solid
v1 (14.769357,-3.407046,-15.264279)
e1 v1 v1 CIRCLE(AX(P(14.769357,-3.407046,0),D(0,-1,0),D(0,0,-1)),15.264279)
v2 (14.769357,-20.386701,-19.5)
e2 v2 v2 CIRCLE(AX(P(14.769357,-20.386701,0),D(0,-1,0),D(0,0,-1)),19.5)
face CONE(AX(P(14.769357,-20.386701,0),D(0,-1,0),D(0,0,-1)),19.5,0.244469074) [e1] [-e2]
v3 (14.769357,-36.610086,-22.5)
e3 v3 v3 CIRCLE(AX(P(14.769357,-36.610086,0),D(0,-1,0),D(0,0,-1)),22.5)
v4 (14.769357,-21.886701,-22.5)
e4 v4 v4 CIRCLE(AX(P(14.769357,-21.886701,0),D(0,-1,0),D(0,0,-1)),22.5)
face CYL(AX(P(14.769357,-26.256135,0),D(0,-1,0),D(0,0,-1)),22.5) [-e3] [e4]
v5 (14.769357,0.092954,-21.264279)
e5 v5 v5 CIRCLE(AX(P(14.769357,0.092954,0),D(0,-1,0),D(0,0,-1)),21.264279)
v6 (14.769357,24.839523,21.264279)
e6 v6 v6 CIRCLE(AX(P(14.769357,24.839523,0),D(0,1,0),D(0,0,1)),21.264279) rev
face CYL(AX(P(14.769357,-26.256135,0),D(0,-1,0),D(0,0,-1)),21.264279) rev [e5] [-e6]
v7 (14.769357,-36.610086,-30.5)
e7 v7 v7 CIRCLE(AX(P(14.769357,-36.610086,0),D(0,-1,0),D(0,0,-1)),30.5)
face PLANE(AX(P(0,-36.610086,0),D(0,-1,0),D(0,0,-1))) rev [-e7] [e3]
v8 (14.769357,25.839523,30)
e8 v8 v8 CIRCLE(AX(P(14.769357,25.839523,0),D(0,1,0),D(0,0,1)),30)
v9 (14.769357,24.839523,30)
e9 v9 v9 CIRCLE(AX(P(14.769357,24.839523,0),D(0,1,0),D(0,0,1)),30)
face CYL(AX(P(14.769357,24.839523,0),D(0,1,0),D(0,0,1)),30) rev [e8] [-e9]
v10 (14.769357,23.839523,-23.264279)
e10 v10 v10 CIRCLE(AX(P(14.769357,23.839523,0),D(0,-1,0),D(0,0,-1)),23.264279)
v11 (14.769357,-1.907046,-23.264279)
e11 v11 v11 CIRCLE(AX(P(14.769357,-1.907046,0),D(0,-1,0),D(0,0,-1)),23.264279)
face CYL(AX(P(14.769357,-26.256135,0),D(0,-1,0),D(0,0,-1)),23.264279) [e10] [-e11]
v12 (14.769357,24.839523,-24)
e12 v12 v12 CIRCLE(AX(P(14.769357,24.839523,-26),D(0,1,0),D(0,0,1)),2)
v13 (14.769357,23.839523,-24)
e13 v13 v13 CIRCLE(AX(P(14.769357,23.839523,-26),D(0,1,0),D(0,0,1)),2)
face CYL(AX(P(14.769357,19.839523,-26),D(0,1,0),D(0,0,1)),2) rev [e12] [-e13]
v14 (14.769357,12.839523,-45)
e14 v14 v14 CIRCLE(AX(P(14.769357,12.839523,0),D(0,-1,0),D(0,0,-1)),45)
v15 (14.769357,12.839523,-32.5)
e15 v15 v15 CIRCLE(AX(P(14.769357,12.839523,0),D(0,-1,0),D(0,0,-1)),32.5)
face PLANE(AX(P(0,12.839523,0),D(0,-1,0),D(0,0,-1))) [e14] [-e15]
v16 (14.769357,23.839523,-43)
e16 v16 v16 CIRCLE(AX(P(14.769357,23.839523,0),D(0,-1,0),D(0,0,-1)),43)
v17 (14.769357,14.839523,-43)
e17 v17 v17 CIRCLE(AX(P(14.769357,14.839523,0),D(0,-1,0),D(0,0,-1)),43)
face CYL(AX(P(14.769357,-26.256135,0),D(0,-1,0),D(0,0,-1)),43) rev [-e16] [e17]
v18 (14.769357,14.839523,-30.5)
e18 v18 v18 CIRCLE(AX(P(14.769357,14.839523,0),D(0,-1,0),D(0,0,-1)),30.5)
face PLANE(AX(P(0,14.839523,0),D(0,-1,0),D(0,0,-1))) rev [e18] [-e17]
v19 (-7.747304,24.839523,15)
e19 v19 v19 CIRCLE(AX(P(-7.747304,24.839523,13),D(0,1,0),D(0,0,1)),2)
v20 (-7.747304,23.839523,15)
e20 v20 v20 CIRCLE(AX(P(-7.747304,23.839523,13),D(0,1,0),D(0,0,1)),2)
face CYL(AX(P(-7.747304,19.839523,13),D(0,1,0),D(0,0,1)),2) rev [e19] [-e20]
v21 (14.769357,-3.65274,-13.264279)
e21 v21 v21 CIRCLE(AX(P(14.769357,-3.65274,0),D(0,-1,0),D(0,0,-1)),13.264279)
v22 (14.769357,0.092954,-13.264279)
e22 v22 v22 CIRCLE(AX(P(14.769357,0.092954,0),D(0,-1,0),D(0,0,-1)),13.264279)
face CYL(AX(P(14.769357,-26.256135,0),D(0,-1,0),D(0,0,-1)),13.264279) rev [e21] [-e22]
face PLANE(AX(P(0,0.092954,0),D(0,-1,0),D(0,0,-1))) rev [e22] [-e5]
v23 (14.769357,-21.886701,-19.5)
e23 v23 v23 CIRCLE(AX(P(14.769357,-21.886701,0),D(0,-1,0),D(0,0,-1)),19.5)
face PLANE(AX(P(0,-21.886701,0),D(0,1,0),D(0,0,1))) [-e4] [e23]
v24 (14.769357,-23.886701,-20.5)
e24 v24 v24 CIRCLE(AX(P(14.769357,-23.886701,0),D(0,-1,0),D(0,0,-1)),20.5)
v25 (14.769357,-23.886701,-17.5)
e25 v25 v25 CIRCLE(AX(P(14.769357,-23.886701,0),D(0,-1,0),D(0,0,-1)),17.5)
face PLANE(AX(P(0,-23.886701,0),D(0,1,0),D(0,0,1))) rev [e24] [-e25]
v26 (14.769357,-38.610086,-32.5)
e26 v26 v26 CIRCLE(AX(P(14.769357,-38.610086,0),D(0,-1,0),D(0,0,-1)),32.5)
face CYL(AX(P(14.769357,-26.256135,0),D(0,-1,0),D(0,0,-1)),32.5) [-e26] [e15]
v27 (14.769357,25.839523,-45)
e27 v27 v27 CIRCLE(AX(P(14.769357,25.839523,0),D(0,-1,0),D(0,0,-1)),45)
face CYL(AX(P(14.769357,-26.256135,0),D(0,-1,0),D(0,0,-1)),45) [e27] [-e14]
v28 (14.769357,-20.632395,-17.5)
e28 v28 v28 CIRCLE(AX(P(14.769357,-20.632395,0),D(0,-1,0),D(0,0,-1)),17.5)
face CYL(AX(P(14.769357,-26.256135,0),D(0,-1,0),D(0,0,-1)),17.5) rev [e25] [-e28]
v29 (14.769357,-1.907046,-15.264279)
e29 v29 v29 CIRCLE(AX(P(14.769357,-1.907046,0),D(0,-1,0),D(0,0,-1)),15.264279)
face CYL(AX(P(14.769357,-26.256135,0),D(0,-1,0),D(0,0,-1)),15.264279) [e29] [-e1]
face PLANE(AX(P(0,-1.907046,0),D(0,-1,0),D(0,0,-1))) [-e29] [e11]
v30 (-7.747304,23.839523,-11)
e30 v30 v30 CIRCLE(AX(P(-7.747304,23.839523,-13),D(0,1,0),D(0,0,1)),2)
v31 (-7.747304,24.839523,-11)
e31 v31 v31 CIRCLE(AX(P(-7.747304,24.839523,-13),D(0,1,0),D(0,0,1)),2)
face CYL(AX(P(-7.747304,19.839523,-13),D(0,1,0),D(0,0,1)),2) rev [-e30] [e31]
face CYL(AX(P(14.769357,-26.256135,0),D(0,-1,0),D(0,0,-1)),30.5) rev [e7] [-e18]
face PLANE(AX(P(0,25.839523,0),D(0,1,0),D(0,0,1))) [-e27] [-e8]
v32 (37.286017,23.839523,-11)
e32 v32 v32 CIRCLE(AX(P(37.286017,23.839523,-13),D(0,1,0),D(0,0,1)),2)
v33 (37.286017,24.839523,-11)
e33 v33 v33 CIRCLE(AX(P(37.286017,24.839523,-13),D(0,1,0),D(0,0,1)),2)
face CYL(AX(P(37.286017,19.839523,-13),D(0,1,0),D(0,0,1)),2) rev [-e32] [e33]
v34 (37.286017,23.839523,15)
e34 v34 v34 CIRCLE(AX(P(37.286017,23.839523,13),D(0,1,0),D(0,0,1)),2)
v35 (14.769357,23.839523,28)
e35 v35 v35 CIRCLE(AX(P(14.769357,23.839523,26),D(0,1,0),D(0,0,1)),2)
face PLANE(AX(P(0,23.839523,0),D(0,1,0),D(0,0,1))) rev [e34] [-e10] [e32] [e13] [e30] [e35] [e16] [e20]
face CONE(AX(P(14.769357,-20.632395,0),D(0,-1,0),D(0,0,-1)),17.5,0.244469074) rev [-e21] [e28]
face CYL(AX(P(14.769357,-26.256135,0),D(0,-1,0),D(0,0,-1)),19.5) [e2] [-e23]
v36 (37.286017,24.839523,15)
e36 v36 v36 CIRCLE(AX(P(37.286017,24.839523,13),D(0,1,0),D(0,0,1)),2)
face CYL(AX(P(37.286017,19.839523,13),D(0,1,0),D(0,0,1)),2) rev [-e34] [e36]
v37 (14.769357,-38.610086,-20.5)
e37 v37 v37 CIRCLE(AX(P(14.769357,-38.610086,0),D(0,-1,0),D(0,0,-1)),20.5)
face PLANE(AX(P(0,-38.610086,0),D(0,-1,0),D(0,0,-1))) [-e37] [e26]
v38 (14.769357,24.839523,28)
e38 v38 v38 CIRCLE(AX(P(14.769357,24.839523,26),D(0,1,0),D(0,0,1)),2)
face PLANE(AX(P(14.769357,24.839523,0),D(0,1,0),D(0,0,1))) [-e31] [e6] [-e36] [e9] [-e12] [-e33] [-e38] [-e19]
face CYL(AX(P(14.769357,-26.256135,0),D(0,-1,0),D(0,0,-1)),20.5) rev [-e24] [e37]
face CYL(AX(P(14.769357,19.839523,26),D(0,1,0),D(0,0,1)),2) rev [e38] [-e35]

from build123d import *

# Parameters (mm, degrees)
SKETCH4_R          = 30
CUT_EXTRUDE3_DEPTH = 1
SKETCH5_R          = 2
CUT_EXTRUDE4_DEPTH = 6


with BuildPart() as part:
    # Sketch2 → Revolve-Thin1 (revolve)
    with BuildSketch(Plane.XY, mode=Mode.PRIVATE) as revolve_thin1_sk:
        Polygon((-30.230643129, 25.839523207), (-6.494921795, 25.839523207), (-6.494921795, 21.839523207), (-6.494921795, 0.092953851), (1.505078205, 0.092953851), (1.505078205, -3.652740104), (-2.730643129, -20.632394541), (-2.730643129, -23.886700586), (-5.730643129, -23.886700586), (-5.730643129, -30.625568886), (-5.730643129, -38.610085728), (-17.730643129, -38.610085728), (-17.730643129, 12.839523207), (-30.230643129, 12.839523207), align=None)
        Polygon((-28.230643129, 23.839523207), (-8.494921795, 23.839523207), (-8.494921795, 21.839523207), (-8.494921795, -1.907046149), (-0.494921795, -1.907046149), (-0.494921795, -3.407046149), (-4.730643129, -20.386700586), (-4.730643129, -21.886700586), (-7.730643129, -21.886700586), (-7.730643129, -30.625568886), (-7.730643129, -36.610085728), (-15.730643129, -36.610085728), (-15.730643129, 14.839523207), (-28.230643129, 14.839523207), align=None, mode=Mode.SUBTRACT)
    revolve(revolve_thin1_sk.sketch.rotate(Axis((14.769356871, -26.256134736, 0), (0, 1, 0)), 270), axis=Axis((14.769356871, -26.256134736, 0), (0, 1, 0)))

    # Sketch4 → Cut-Extrude3 (cut)
    with BuildSketch(Plane(origin=(0, 25.839523207, 0), x_dir=(1, 0, 0), z_dir=(0, 1, 0))):
        with Locations(Location((14.769356871, 0, 0), (0, 0, 270))):
            Circle(SKETCH4_R)
    extrude(amount=-CUT_EXTRUDE3_DEPTH, mode=Mode.SUBTRACT)

    # Sketch5 → Cut-Extrude4 (cut)
    with BuildSketch(Plane(origin=(0, 25.839523207, 0), x_dir=(1, 0, 0), z_dir=(0, 1, 0))):
        with Locations(Location((14.769356871, 26, 0), (0, 0, 270))):
            Circle(SKETCH5_R)
        with Locations(Location((37.28601737, 13, 0), (0, 0, 270))):
            Circle(SKETCH5_R)
        with Locations(Location((37.28601737, -13, 0), (0, 0, 270))):
            Circle(SKETCH5_R)
        with Locations(Location((14.769356871, -26, 0), (0, 0, 270))):
            Circle(SKETCH5_R)
        with Locations(Location((-7.747303627, -13, 0), (0, 0, 270))):
            Circle(SKETCH5_R)
        with Locations(Location((-7.747303627, 13, 0), (0, 0, 270))):
            Circle(SKETCH5_R)
    extrude(amount=-CUT_EXTRUDE4_DEPTH, mode=Mode.SUBTRACT)


solid = part.part
